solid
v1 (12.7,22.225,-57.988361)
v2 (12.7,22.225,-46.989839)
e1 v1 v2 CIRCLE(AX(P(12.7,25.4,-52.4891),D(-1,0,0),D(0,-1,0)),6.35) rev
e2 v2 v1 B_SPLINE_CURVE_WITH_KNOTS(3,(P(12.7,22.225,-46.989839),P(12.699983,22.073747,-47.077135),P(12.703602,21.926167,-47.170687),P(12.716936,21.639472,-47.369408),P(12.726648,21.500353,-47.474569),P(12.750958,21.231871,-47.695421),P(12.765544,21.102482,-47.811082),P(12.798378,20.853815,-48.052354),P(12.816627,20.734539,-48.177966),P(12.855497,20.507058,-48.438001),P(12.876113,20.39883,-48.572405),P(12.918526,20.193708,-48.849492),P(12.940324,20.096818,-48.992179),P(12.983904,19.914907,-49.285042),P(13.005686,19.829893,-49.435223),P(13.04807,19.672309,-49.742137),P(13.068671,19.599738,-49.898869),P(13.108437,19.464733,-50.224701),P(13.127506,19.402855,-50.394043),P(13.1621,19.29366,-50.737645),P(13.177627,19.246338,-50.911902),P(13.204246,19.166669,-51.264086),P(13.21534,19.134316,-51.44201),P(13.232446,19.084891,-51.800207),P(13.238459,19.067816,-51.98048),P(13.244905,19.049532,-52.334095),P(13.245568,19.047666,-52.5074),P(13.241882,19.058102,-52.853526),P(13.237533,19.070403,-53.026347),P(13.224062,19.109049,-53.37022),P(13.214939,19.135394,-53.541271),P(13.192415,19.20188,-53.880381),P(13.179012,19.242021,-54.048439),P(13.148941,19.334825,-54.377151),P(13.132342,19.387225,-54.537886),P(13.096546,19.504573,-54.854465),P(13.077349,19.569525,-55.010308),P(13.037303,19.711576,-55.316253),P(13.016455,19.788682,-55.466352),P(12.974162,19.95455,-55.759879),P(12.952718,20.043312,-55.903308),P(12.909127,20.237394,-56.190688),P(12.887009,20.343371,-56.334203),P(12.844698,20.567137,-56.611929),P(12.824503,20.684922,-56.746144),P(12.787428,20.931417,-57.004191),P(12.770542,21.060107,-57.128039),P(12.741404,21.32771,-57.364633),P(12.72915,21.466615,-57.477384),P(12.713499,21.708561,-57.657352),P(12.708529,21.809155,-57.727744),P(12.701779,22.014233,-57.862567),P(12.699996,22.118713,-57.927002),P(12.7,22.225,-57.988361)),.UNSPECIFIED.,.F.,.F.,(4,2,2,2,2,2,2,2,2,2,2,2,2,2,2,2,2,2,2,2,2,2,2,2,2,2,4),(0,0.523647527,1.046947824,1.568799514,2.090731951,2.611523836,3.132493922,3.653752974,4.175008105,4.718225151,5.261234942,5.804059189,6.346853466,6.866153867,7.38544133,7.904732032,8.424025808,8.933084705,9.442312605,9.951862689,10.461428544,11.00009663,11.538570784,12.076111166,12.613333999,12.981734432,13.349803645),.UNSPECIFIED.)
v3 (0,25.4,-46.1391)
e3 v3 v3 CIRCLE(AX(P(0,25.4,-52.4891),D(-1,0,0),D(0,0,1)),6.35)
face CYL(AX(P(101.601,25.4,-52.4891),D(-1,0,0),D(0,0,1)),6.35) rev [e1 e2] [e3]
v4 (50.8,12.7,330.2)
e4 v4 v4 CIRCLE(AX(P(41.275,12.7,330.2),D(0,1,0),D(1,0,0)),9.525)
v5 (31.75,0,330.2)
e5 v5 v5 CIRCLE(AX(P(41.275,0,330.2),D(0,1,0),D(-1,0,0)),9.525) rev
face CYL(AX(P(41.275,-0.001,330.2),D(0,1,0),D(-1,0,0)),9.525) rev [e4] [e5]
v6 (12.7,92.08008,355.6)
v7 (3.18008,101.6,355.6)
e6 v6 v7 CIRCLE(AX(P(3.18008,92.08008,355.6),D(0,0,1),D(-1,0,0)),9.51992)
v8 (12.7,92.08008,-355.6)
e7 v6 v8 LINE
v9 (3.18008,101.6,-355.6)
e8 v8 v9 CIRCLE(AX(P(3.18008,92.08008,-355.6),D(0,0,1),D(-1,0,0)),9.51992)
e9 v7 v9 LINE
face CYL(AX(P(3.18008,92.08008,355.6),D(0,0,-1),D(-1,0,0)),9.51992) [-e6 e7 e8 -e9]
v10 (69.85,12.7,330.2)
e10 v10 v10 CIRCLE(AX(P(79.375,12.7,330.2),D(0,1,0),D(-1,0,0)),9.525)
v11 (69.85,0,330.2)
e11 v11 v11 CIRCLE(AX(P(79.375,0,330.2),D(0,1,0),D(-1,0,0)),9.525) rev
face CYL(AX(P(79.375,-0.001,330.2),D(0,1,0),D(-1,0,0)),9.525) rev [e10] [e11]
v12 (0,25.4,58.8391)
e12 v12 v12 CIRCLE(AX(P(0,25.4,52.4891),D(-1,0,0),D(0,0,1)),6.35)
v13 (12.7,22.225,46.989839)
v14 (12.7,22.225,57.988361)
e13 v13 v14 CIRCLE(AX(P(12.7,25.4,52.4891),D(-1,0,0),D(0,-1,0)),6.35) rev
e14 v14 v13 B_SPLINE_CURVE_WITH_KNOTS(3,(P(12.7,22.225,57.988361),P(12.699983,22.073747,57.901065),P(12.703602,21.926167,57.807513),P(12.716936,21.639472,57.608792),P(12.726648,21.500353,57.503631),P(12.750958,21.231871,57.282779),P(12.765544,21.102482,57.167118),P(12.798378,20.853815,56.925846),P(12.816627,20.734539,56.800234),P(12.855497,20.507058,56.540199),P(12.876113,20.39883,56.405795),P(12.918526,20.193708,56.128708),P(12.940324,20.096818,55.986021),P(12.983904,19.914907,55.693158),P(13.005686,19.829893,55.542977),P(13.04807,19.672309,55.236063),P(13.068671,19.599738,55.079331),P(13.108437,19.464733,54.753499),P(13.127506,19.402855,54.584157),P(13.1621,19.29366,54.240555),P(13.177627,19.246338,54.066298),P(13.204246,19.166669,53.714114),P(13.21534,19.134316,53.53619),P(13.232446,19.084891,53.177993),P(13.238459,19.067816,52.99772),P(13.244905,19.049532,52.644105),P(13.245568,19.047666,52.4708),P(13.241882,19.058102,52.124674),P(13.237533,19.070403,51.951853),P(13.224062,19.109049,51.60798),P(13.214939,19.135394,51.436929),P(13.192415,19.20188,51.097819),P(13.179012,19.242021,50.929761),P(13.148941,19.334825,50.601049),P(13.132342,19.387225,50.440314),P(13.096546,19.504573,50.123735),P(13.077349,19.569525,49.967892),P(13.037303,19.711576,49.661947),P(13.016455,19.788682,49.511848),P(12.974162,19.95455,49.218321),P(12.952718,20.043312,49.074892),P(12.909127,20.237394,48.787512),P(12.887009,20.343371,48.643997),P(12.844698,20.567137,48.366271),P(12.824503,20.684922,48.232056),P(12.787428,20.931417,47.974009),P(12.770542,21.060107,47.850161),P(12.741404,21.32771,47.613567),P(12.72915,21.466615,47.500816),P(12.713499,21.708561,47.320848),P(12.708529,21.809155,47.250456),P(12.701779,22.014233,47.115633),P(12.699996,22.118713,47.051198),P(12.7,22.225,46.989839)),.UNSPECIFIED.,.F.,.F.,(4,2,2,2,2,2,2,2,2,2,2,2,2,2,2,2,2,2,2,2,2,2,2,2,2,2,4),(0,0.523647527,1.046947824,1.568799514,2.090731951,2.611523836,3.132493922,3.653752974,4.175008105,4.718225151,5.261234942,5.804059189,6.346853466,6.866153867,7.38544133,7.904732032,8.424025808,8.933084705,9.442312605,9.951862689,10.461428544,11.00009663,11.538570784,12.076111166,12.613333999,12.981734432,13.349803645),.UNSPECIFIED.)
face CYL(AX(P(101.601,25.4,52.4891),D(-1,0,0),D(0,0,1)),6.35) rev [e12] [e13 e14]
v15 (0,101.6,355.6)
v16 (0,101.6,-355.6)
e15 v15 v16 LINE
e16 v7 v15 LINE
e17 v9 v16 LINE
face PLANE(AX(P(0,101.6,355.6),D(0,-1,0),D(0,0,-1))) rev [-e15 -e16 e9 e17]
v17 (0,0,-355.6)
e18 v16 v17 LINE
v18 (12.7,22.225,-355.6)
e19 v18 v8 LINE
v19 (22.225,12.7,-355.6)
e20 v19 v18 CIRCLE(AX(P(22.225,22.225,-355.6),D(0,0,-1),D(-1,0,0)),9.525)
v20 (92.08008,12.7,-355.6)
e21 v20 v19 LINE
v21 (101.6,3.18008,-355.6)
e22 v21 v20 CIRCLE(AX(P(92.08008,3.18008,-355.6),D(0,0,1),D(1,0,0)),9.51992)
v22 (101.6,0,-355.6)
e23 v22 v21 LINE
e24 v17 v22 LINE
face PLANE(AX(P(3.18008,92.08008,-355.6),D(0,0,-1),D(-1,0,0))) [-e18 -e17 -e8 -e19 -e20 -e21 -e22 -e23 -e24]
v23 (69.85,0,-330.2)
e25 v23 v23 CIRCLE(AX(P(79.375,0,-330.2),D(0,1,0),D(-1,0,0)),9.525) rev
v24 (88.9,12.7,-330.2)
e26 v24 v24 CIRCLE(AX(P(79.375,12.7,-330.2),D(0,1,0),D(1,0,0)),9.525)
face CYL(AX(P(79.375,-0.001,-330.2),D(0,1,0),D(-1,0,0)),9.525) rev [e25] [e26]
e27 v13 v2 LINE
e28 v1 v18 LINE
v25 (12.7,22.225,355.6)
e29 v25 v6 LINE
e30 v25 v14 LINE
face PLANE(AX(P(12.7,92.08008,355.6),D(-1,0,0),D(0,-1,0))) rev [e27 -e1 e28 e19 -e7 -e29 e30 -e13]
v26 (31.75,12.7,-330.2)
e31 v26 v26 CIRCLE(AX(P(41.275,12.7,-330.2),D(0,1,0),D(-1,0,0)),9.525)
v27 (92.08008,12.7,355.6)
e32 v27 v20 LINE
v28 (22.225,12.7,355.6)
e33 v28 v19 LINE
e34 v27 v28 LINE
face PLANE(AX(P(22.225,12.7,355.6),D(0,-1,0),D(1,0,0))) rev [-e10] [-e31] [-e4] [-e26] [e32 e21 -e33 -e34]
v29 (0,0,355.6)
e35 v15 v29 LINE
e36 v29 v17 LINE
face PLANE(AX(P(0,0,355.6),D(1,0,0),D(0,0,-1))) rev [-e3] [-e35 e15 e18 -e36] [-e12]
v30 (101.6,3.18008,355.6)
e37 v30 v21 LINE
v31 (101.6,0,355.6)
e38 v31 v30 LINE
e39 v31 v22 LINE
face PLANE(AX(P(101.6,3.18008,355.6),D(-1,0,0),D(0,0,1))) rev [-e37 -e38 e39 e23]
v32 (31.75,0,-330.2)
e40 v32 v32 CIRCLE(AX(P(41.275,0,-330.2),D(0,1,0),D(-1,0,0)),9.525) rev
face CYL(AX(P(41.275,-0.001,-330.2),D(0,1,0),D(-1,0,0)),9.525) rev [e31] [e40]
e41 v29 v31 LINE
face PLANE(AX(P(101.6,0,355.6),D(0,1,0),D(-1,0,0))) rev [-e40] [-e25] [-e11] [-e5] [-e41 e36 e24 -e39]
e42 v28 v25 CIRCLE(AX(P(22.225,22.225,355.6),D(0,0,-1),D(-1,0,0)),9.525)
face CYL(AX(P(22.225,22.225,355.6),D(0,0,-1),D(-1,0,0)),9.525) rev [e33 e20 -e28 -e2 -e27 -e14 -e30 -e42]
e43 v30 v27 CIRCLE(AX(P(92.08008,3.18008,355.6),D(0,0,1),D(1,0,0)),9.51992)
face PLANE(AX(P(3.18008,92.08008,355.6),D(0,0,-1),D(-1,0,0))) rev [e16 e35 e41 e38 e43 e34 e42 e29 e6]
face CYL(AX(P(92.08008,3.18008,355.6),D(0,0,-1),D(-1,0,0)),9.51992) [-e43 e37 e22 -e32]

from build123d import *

# Parameters (mm, degrees)
BOSS_EXTRUDE1_DEPTH = 355.6
CUT_EXTRUDE1_REACH  = 14.7
SKETCH3_R           = 9.525
CUT_EXTRUDE2_REACH  = 103.6
SKETCH4_R           = 6.35


with BuildPart() as part:
    # Sketch1 → Boss-Extrude1 (new body, symmetric)
    with BuildSketch(Plane.XY):
        with BuildLine():
            Line((0, 0), (0, 101.6))
            Line((0, 101.6), (3.18008, 101.6))
            ThreePointArc((3.18008, 101.6), (9.911679988, 98.811679988), (12.7, 92.08008))
            Line((12.7, 92.08008), (12.7, 22.225))
            ThreePointArc((12.7, 22.225), (15.489807909, 15.489807909), (22.225, 12.7))
            Line((22.225, 12.7), (92.08008, 12.7))
            ThreePointArc((92.08008, 12.7), (98.811679988, 9.911679988), (101.6, 3.18008))
            Line((101.6, 3.18008), (101.6, 0))
            Line((101.6, 0), (0, 0))
        make_face()
    extrude(amount=BOSS_EXTRUDE1_DEPTH, both=True)

    # Sketch3 → Cut-Extrude1 (cut, up to next)
    with BuildSketch(Plane(origin=(25.4, 12.7, 0), x_dir=(0, 0, -1), z_dir=(0, 1, 0)), mode=Mode.PRIVATE) as cut_extrude1_sk1:
        with Locations((330.2, -15.875)):
            Circle(SKETCH3_R)
    cut_extrude1_tool1 = extrude(cut_extrude1_sk1.sketch, amount=-CUT_EXTRUDE1_REACH, mode=Mode.PRIVATE) & part.part
    add(cut_extrude1_tool1.solids().sort_by_distance((41.275, 12.7, -330.2))[0], mode=Mode.SUBTRACT)
    # Sketch3 → Cut-Extrude1 (cut, up to next)
    with BuildSketch(Plane(origin=(25.4, 12.7, 0), x_dir=(0, 0, -1), z_dir=(0, 1, 0)), mode=Mode.PRIVATE) as cut_extrude1_sk2:
        with Locations((-330.2, -15.875)):
            Circle(SKETCH3_R)
    cut_extrude1_tool2 = extrude(cut_extrude1_sk2.sketch, amount=-CUT_EXTRUDE1_REACH, mode=Mode.PRIVATE) & part.part
    add(cut_extrude1_tool2.solids().sort_by_distance((41.275, 12.7, 330.2))[0], mode=Mode.SUBTRACT)
    # Sketch3 → Cut-Extrude1 (cut, up to next)
    with BuildSketch(Plane(origin=(25.4, 12.7, 0), x_dir=(0, 0, -1), z_dir=(0, 1, 0)), mode=Mode.PRIVATE) as cut_extrude1_sk3:
        with Locations((-330.2, -53.975)):
            Circle(SKETCH3_R)
    cut_extrude1_tool3 = extrude(cut_extrude1_sk3.sketch, amount=-CUT_EXTRUDE1_REACH, mode=Mode.PRIVATE) & part.part
    add(cut_extrude1_tool3.solids().sort_by_distance((79.375, 12.7, 330.2))[0], mode=Mode.SUBTRACT)
    # Sketch3 → Cut-Extrude1 (cut, up to next)
    with BuildSketch(Plane(origin=(25.4, 12.7, 0), x_dir=(0, 0, -1), z_dir=(0, 1, 0)), mode=Mode.PRIVATE) as cut_extrude1_sk4:
        with Locations((330.2, -53.975)):
            Circle(SKETCH3_R)
    cut_extrude1_tool4 = extrude(cut_extrude1_sk4.sketch, amount=-CUT_EXTRUDE1_REACH, mode=Mode.PRIVATE) & part.part
    add(cut_extrude1_tool4.solids().sort_by_distance((79.375, 12.7, -330.2))[0], mode=Mode.SUBTRACT)

    # Sketch4 → Cut-Extrude2 (cut, up to next)
    with BuildSketch(Plane.ZY, mode=Mode.PRIVATE) as cut_extrude2_sk1:
        with Locations((-52.4891, 25.4)):
            Circle(SKETCH4_R)
    cut_extrude2_tool1 = extrude(cut_extrude2_sk1.sketch, amount=-CUT_EXTRUDE2_REACH, mode=Mode.PRIVATE) & part.part
    add(cut_extrude2_tool1.solids().sort_by_distance((0, 25.4, -52.4891))[0], mode=Mode.SUBTRACT)
    # Sketch4 → Cut-Extrude2 (cut, up to next)
    with BuildSketch(Plane.ZY, mode=Mode.PRIVATE) as cut_extrude2_sk2:
        with Locations((52.4891, 25.4)):
            Circle(SKETCH4_R)
    cut_extrude2_tool2 = extrude(cut_extrude2_sk2.sketch, amount=-CUT_EXTRUDE2_REACH, mode=Mode.PRIVATE) & part.part
    add(cut_extrude2_tool2.solids().sort_by_distance((0, 25.4, 52.4891))[0], mode=Mode.SUBTRACT)


solid = part.part
